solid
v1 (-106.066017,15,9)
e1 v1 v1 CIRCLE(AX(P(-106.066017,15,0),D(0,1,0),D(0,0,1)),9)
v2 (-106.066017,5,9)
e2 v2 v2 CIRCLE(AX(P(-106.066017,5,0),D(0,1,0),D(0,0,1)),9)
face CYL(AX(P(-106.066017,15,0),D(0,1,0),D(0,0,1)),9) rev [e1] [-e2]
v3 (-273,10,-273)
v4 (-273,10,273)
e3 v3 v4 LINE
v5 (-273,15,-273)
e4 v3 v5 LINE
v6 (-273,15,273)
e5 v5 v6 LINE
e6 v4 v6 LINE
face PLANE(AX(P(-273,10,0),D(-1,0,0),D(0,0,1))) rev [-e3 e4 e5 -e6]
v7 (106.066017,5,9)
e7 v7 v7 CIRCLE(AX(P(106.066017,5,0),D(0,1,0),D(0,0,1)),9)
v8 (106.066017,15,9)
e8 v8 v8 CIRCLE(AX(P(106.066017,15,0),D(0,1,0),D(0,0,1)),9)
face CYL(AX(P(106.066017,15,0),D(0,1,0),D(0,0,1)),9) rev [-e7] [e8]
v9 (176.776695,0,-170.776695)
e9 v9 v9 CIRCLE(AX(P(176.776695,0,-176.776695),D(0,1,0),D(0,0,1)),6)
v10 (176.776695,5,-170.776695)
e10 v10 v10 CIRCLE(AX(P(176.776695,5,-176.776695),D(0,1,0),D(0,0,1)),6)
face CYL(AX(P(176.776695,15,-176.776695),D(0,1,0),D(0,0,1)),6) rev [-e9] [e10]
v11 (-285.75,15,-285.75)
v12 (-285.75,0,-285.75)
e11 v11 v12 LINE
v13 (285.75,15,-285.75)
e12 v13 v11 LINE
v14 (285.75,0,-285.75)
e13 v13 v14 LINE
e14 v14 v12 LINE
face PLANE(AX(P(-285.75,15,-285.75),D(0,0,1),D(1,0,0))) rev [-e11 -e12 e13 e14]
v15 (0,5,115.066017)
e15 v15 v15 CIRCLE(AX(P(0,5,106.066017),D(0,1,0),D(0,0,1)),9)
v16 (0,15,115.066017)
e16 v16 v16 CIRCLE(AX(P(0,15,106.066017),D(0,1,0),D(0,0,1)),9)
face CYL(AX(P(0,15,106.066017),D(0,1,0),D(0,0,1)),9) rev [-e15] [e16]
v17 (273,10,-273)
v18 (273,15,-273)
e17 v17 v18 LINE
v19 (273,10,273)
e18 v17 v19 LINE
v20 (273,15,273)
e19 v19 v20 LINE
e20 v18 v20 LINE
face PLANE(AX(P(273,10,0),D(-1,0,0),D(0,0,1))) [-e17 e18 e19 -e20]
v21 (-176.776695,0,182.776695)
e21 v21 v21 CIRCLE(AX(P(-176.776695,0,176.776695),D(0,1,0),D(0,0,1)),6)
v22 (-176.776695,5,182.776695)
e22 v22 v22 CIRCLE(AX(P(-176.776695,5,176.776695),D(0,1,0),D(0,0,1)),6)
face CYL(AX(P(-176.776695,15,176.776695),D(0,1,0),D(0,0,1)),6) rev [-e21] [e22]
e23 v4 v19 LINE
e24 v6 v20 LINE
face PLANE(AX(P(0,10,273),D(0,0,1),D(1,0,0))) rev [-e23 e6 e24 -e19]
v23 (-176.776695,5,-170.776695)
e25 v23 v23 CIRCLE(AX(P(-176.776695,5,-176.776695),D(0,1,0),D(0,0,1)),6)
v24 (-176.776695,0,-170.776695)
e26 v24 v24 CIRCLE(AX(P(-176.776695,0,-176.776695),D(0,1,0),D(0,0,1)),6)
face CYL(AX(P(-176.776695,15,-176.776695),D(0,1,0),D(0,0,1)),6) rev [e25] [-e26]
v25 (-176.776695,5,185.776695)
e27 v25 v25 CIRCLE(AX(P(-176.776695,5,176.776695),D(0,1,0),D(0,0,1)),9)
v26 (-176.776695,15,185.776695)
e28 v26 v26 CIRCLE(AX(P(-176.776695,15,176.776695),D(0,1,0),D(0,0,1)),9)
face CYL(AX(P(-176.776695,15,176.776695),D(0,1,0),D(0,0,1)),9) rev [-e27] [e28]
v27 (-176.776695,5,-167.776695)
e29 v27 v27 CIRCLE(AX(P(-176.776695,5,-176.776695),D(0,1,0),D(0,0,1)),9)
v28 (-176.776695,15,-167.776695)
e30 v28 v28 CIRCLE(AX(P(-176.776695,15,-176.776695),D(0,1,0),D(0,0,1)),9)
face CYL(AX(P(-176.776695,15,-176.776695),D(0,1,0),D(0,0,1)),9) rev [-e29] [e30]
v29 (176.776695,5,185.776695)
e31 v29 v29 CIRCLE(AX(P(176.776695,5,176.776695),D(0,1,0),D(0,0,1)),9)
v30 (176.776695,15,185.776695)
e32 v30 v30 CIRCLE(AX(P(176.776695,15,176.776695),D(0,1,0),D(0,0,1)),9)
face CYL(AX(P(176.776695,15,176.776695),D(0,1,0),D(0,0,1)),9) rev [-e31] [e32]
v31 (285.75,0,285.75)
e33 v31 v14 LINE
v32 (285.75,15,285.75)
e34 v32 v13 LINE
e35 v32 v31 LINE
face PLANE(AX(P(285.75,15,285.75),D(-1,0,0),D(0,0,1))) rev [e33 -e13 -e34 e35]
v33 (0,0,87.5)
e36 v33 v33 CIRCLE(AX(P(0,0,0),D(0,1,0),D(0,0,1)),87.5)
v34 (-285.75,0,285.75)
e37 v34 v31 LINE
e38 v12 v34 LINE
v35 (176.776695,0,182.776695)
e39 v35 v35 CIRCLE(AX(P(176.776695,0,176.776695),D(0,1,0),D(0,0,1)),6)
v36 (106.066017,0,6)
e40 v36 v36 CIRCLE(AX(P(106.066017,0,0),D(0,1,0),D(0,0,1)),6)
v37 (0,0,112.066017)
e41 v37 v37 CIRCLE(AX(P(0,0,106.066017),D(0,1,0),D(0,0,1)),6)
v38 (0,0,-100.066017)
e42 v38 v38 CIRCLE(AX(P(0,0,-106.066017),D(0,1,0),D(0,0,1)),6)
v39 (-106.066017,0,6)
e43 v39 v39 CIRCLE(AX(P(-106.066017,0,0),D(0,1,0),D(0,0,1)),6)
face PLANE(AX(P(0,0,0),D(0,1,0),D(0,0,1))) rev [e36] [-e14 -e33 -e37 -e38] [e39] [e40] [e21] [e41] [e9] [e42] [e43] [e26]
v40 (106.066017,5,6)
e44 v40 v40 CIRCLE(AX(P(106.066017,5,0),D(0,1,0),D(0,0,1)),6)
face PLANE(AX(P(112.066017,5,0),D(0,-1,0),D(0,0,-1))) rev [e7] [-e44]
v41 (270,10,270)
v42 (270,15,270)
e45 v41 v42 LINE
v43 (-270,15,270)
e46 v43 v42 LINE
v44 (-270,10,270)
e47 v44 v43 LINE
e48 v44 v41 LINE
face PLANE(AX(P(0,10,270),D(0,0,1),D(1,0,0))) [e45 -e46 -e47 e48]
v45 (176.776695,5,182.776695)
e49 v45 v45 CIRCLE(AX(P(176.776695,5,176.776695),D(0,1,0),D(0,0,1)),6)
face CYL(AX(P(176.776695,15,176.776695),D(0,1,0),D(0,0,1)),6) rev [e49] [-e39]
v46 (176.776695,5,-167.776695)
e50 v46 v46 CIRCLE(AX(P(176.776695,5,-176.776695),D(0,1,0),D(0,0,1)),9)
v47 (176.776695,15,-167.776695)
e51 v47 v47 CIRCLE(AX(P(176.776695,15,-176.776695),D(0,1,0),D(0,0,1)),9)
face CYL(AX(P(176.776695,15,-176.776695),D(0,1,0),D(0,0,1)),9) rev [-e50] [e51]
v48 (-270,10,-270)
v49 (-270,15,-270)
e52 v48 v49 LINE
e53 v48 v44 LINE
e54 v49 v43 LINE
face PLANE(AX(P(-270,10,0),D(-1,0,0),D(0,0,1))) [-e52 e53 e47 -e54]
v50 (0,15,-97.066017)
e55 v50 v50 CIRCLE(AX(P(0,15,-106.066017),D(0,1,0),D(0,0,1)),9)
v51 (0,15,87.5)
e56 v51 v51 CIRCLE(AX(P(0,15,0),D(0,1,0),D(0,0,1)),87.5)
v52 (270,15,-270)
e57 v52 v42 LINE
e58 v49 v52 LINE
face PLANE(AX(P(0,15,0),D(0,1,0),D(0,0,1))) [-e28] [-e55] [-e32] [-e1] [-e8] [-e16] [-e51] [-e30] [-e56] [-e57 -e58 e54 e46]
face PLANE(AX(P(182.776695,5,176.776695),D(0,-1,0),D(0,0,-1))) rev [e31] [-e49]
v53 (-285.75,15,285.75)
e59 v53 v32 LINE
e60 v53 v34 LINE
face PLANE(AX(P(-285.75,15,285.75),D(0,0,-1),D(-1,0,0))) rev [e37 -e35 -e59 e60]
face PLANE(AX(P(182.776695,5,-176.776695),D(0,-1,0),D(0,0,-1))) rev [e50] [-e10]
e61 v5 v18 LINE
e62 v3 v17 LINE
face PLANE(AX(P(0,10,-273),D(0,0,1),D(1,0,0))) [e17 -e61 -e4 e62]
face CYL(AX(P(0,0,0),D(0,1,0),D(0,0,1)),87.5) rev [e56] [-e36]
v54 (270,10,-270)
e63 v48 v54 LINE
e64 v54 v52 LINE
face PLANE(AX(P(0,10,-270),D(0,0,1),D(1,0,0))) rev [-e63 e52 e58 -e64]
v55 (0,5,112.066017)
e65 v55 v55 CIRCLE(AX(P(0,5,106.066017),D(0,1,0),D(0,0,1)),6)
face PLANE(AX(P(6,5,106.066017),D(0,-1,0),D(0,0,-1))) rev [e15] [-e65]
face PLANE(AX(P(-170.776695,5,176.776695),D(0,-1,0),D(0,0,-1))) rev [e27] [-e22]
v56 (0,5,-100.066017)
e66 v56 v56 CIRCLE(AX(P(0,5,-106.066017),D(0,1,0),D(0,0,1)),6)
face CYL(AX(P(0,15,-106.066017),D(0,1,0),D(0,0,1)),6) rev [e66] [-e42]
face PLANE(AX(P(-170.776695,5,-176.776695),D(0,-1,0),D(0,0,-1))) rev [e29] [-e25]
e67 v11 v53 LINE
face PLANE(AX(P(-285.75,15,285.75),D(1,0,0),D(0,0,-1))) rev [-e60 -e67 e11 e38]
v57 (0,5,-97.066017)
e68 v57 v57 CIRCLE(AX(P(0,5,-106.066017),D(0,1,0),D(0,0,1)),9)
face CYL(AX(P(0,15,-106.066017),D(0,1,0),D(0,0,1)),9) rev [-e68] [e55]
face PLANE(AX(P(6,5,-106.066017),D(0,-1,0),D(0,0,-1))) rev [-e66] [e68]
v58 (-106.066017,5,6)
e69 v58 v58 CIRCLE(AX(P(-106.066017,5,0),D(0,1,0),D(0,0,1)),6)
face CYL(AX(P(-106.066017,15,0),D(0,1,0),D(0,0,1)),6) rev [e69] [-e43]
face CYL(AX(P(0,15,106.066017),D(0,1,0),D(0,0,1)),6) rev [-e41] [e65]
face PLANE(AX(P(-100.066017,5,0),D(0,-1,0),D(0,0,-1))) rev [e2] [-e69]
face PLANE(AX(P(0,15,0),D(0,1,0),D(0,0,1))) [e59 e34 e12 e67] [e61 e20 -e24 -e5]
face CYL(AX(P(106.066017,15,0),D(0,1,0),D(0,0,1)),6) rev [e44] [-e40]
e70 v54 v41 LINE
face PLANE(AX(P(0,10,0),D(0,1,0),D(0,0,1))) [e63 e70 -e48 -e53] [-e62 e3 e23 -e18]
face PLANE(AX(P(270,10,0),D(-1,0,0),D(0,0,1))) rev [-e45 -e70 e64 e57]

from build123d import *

# Parameters (mm, degrees)
SKETCH1_W                      = 571.5
SKETCH1_H                      = 571.5
PLATE_DEPTH                    = 15
SKETCH2_R                      = 87.5
BEARING_HOLE_DEPTH             = 405.389818121
CBORE_FOR_M10_SHCS_D           = 12
CBORE_FOR_M10_SHCS_CBORE_D     = 18
CBORE_FOR_M10_SHCS_CBORE_DEPTH = 10
SKETCH7_W                      = 546
SKETCH7_H                      = 546
SKETCH7_W_2                    = 540
SKETCH7_H_2                    = 540
CUT_EXTRUDE1_DEPTH             = 5


with BuildPart() as part:
    # Sketch1 → plate (new body)
    with BuildSketch(Plane(origin=(0, 0, 0), x_dir=(1, 0, 0), z_dir=(0, 1, 0))):
        Rectangle(SKETCH1_W, SKETCH1_H)
    extrude(amount=PLATE_DEPTH)

    # Sketch2 → bearing-hole (cut, through all)
    with BuildSketch(Plane(origin=(0, 15, 0), x_dir=(1, 0, 0), z_dir=(0, 1, 0))):
        with Locations(Location((0, 0, 0), (0, 0, 270))):
            Circle(SKETCH2_R)
    extrude(amount=-BEARING_HOLE_DEPTH, mode=Mode.SUBTRACT)

    # CBORE for M10 SHCS (through all)
    with Locations(Plane(origin=(0, 15, 0), x_dir=(1, 0, 0), z_dir=(0, 1, 0))):
        with Locations((0, 0), (-106.066017178, 0), (0, 106.066017178), (106.066017178, 0), (0, -106.066017178), (176.776695297, 176.776695297), (-176.776695297, 176.776695297), (176.776695297, -176.776695297), (-176.776695297, -176.776695297)):
            CounterBoreHole(CBORE_FOR_M10_SHCS_D / 2, CBORE_FOR_M10_SHCS_CBORE_D / 2, CBORE_FOR_M10_SHCS_CBORE_DEPTH)

    # Sketch7 → Cut-Extrude1 (cut)
    with BuildSketch(Plane(origin=(0, 15, 0), x_dir=(1, 0, 0), z_dir=(0, 1, 0))):
        Rectangle(SKETCH7_W, SKETCH7_H)
        Rectangle(SKETCH7_W_2, SKETCH7_H_2, mode=Mode.SUBTRACT)
    extrude(amount=-CUT_EXTRUDE1_DEPTH, mode=Mode.SUBTRACT)


solid = part.part
